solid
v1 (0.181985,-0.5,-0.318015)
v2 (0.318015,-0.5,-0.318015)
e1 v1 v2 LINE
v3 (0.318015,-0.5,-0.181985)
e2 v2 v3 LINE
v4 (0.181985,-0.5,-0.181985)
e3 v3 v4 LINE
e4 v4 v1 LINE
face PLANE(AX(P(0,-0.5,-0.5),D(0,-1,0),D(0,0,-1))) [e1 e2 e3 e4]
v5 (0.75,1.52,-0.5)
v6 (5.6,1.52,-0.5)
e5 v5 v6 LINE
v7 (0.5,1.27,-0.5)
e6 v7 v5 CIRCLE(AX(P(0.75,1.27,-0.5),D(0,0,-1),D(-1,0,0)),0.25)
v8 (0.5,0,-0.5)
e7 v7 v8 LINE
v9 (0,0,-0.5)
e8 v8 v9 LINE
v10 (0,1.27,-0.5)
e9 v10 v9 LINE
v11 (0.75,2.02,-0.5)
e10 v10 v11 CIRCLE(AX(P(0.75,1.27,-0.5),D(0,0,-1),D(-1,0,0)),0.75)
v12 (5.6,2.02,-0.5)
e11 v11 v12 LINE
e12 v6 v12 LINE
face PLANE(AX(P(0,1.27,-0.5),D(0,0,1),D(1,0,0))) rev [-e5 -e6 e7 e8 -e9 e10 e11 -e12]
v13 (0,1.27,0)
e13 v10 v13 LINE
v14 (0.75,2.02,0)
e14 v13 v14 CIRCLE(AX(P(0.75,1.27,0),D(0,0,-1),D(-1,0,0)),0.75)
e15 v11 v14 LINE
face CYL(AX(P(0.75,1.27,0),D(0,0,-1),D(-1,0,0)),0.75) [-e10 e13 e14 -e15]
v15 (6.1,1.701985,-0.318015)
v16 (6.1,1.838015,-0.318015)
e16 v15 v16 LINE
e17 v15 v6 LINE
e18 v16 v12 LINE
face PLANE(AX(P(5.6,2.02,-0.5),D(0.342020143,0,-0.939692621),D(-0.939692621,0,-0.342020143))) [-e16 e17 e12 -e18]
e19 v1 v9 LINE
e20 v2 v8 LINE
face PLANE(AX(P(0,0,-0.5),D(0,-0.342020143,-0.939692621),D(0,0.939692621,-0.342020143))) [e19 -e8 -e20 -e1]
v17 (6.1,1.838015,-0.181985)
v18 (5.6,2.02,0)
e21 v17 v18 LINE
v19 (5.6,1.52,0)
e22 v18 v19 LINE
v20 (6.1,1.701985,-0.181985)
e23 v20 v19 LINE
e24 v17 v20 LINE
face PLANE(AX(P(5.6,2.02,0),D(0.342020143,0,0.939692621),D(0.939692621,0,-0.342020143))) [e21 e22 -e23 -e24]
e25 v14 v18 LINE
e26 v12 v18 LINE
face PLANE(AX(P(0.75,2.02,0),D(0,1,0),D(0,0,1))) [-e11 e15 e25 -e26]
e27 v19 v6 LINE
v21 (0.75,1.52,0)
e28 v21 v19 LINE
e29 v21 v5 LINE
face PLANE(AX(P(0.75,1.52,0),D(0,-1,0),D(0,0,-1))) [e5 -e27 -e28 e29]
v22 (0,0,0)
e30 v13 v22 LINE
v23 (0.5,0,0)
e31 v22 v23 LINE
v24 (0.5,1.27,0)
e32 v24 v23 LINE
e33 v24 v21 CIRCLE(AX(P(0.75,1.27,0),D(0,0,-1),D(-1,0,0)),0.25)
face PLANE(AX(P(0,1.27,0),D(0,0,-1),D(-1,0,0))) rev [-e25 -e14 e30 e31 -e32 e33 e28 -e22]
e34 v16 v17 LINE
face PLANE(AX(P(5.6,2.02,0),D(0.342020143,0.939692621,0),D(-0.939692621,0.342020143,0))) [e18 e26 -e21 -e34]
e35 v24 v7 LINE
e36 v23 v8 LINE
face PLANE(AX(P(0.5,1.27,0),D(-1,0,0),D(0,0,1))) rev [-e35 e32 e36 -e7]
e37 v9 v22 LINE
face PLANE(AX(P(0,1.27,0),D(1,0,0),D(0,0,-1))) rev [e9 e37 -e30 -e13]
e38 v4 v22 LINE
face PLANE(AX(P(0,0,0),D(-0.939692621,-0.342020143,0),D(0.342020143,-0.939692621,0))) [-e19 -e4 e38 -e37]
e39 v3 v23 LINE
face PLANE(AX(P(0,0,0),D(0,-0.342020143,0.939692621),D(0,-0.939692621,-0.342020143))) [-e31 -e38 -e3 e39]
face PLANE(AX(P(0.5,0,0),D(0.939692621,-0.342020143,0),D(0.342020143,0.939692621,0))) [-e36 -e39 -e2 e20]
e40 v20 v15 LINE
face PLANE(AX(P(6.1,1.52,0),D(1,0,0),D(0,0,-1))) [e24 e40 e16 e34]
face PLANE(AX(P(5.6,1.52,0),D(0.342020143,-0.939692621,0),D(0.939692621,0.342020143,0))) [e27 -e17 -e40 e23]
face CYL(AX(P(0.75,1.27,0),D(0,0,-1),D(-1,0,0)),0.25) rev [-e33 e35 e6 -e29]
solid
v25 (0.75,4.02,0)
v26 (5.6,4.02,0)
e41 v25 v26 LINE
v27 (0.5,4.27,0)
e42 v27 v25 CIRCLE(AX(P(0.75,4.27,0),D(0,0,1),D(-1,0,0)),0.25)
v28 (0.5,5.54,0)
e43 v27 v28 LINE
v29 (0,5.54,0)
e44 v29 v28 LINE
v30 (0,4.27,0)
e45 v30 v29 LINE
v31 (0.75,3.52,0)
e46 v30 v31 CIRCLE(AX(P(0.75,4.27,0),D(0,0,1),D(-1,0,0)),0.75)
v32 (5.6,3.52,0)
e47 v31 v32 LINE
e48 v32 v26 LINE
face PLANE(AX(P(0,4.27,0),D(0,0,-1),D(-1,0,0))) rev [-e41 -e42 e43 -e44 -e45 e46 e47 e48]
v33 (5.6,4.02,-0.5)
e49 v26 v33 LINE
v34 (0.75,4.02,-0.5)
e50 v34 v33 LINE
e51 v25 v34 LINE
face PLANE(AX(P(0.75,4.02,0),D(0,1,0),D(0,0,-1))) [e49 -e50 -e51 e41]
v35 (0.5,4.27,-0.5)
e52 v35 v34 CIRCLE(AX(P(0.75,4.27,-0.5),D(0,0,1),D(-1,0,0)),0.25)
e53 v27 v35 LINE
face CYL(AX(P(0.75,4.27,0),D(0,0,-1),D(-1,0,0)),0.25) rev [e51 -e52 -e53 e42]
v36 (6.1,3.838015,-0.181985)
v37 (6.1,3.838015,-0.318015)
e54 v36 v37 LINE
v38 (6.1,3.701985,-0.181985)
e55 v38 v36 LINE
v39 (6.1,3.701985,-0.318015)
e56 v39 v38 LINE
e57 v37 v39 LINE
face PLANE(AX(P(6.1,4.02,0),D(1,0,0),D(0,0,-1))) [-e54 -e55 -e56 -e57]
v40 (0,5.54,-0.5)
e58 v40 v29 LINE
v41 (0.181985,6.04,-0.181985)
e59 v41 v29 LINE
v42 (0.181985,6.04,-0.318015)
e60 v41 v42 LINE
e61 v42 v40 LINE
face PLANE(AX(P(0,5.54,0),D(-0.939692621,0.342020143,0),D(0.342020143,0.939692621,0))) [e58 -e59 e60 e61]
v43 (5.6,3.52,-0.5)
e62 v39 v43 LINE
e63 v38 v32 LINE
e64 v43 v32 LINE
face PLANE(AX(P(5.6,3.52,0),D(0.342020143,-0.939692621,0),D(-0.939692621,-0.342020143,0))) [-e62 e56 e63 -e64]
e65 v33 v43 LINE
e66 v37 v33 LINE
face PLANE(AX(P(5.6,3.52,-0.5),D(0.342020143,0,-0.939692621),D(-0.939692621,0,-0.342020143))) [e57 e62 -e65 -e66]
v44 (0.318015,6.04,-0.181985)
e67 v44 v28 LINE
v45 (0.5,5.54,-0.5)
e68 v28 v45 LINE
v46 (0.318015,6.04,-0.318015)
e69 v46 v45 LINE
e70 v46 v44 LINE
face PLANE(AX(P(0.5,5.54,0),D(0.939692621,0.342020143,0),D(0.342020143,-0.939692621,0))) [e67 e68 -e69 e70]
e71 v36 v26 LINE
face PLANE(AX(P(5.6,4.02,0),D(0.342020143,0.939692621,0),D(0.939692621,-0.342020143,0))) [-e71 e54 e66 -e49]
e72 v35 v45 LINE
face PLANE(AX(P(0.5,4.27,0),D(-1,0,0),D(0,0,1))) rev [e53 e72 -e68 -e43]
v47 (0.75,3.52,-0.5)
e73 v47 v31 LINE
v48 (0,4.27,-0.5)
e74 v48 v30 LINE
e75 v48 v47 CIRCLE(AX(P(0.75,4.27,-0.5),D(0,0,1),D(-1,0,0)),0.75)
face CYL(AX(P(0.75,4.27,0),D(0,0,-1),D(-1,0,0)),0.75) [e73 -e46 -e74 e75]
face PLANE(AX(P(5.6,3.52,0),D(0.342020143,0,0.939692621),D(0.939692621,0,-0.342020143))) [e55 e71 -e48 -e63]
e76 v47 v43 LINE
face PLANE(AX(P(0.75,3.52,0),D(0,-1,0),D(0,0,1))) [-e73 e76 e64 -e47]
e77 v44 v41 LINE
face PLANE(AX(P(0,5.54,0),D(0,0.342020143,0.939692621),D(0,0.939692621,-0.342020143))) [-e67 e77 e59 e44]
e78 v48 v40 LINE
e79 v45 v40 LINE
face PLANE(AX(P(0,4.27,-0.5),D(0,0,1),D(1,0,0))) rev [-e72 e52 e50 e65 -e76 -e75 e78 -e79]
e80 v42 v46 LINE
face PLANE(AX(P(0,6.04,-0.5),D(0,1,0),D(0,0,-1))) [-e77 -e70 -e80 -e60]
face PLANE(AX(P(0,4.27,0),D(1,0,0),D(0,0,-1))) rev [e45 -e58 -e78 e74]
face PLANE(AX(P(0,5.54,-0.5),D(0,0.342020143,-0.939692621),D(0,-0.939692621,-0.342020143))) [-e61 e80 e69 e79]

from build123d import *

# Parameters (mm, degrees)
SKETCH1_W           = 0.5
SKETCH1_H           = 0.5
SKETCH6_W           = 0.5
SKETCH6_H           = 0.5
BOSS_EXTRUDE1_DEPTH = 0.5
BOSS_EXTRUDE1_TAPER = 20
SKETCH7_W           = 0.5
SKETCH7_H           = 0.5
BOSS_EXTRUDE2_DEPTH = 0.5
BOSS_EXTRUDE2_TAPER = 20


with BuildPart() as part:
    # Sweep4: sweep along a path in Sketch2
    with BuildLine(Plane.XY) as sweep4_path:
        Line((0.25, 0), (0.25, 1.27))
        ThreePointArc((0.25, 1.27), (0.396446609, 1.623553391), (0.75, 1.77))
        Line((0.75, 1.77), (5.6, 1.77))
    # Sketch1 → Sweep4 (sweep)
    with BuildSketch(Plane(origin=(0, 0, 0), x_dir=(1, 0, 0), z_dir=(0, 1, 0))):
        with Locations((0.25, 0.25)):
            Rectangle(SKETCH1_W, SKETCH1_H)
    sweep(path=sweep4_path.line)

    # Sketch6 → Boss-Extrude1 (add)
    with BuildSketch(Plane(origin=(5.6, 0, 0), x_dir=(0, 0, -1), z_dir=(1, 0, 0))):
        with Locations((0.25, 1.77)):
            Rectangle(SKETCH6_W, SKETCH6_H)
    extrude(amount=BOSS_EXTRUDE1_DEPTH, taper=BOSS_EXTRUDE1_TAPER)

    # Sketch7 → Boss-Extrude2 (add)
    with BuildSketch(Plane.XZ):
        with Locations((0.25, -0.25)):
            Rectangle(SKETCH7_W, SKETCH7_H)
    extrude(amount=BOSS_EXTRUDE2_DEPTH, taper=BOSS_EXTRUDE2_TAPER)


with BuildPart() as body_2:
    # Mirror3: mirrored copy
    add(part.part.mirror(Plane.ZX.offset(2.77)))


solid = Compound([part.part, body_2.part])
